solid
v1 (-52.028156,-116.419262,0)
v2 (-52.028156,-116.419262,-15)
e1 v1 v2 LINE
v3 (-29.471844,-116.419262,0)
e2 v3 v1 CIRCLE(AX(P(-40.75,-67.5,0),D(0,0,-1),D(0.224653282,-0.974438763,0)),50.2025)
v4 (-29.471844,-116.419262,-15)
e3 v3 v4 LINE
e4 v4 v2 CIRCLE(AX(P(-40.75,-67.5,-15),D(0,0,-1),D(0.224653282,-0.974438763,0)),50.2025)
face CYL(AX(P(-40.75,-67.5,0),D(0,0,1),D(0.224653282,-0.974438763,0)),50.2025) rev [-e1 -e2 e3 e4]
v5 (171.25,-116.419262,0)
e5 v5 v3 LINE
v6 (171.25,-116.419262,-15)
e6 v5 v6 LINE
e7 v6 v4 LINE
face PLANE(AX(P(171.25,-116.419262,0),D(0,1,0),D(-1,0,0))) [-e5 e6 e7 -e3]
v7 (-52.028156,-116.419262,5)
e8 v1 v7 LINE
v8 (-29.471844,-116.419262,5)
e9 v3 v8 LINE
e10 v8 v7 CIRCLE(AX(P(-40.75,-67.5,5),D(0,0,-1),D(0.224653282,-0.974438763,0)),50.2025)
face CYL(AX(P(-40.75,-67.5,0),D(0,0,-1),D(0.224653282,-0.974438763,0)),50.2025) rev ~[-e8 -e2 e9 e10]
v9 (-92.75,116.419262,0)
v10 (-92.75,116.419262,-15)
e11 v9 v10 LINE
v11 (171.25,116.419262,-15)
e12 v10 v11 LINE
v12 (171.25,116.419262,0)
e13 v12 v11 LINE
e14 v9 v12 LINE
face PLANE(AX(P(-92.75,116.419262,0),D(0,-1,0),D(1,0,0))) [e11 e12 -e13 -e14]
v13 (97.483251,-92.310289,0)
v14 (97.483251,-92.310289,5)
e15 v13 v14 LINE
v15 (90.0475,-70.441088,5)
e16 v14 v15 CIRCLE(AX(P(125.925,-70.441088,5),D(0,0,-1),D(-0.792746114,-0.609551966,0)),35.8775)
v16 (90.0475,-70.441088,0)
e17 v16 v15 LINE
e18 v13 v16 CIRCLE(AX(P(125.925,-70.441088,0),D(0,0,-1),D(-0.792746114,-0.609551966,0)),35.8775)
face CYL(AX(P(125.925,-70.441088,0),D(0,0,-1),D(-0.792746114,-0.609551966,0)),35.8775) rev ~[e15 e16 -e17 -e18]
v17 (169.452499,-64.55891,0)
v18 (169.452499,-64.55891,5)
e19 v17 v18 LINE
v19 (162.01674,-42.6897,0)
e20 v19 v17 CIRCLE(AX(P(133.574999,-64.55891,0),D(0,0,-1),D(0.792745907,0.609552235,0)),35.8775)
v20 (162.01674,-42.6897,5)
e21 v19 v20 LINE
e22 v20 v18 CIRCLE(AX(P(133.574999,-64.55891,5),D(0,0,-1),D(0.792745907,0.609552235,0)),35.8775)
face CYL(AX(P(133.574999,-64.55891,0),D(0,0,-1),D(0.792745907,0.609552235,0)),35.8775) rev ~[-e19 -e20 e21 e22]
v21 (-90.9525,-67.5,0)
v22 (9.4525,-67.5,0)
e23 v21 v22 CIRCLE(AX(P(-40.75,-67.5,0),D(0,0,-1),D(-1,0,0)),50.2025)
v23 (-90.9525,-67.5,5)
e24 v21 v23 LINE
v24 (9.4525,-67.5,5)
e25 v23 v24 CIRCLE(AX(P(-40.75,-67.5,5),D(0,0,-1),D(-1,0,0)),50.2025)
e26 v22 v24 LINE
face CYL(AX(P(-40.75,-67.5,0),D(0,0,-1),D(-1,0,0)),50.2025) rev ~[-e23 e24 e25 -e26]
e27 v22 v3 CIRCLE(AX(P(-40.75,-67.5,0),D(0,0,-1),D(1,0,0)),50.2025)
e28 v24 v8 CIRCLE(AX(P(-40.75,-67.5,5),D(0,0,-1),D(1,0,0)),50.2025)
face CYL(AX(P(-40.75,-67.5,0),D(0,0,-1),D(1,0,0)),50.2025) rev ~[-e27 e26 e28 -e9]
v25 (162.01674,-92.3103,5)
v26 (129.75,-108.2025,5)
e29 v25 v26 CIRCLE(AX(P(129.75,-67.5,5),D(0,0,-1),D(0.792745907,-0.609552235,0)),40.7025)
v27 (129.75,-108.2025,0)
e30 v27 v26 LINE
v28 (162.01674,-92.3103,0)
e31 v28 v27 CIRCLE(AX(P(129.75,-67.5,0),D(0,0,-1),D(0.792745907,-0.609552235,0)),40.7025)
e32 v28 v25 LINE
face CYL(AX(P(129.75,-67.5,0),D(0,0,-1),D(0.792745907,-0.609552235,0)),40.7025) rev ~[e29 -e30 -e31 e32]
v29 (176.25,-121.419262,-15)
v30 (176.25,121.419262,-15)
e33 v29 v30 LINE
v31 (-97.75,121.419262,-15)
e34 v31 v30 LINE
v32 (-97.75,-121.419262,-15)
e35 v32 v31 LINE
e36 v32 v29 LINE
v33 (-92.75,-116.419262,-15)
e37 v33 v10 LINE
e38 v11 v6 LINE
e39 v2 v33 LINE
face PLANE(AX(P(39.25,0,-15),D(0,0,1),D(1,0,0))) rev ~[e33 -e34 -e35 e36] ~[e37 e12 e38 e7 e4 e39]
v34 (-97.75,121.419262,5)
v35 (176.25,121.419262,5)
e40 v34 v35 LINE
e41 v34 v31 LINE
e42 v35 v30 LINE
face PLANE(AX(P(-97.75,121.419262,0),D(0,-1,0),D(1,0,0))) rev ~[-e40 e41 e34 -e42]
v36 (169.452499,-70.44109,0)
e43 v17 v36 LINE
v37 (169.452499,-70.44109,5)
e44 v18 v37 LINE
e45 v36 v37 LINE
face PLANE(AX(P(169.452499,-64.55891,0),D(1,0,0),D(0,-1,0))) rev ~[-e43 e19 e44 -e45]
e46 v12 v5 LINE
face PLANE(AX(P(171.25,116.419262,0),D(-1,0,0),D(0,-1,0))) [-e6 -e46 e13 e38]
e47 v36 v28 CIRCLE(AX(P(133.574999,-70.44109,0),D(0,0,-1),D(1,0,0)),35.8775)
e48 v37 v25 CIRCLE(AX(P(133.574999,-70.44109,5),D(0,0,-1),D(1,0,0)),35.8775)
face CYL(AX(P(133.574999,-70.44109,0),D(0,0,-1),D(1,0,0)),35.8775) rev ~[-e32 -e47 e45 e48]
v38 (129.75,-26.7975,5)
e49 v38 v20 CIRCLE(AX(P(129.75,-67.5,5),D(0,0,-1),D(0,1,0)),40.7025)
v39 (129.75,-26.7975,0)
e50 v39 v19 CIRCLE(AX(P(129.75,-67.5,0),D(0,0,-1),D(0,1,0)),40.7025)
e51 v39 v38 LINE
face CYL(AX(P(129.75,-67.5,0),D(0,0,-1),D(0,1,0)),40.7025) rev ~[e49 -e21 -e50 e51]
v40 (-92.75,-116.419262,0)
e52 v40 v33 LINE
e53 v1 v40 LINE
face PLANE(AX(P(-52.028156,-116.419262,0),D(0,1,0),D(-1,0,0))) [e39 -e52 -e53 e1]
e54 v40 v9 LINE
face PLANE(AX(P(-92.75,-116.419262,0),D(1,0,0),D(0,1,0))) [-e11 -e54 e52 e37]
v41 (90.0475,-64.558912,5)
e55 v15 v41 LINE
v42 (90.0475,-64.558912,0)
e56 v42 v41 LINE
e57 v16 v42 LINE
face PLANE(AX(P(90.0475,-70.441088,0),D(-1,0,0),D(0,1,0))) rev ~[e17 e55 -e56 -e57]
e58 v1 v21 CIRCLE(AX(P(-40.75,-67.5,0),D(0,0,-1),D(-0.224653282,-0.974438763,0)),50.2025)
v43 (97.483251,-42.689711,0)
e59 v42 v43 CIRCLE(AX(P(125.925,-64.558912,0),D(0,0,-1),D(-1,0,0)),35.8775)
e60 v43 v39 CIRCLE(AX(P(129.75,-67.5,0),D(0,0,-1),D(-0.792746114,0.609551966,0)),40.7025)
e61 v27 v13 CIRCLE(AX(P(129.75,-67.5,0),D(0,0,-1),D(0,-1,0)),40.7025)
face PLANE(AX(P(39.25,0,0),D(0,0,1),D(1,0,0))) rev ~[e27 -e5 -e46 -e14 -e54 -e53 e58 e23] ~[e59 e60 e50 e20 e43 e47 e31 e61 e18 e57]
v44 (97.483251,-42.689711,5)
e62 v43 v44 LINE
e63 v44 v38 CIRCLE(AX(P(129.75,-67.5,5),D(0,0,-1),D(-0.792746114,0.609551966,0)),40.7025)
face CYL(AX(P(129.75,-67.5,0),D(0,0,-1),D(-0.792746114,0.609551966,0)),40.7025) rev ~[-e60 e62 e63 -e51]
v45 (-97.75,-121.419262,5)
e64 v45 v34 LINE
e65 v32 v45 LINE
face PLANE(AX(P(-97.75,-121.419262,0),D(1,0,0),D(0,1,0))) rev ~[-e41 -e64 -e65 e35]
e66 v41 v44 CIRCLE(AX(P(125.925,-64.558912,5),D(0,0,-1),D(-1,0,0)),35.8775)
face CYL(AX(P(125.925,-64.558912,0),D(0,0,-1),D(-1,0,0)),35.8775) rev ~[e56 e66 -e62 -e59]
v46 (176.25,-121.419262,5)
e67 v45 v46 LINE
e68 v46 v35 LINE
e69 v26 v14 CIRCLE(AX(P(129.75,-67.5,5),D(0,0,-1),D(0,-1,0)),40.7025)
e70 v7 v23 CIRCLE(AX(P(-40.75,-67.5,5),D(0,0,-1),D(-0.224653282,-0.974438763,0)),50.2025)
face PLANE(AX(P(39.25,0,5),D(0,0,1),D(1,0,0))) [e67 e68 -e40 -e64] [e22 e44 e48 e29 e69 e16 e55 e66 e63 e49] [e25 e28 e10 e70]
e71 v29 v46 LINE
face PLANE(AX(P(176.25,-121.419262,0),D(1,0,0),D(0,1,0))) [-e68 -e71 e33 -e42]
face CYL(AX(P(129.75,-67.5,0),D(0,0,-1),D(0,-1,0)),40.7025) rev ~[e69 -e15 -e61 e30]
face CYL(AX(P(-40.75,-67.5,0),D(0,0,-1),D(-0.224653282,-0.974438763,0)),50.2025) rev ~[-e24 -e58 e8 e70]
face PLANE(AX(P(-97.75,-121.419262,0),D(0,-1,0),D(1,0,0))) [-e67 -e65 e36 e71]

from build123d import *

# Parameters (mm, degrees)
F1_W     = 274
F1_H     = 242.838524
F2_DEPTH = 5
F3_DEPTH = 15


with BuildPart() as f2:
    # F1 (on Top) → F2 (new body)
    with BuildSketch(Plane.XY):
        with Locations((39.25, 0)):
            Rectangle(F1_W, F1_H)
        with BuildLine():
            Line((171.25, -116.419262), (-29.471843607, -116.419262))
            ThreePointArc((-29.471843607, -116.419262), (-40.75, -117.7025), (-52.028156393, -116.419262))
            Line((-52.028156393, -116.419262), (-92.75, -116.419262))
            Line((-92.75, -116.419262), (-92.75, 116.419262))
            Line((-92.75, 116.419262), (171.25, 116.419262))
            Line((171.25, 116.419262), (171.25, -116.419262))
        make_face(mode=Mode.SUBTRACT)
        with BuildLine():
            ThreePointArc((-90.9525, -67.5), (-40.75, -17.2975), (9.4525, -67.5))
            ThreePointArc((9.4525, -67.5), (-1.4658896463, -98.7577939075), (-29.471843607, -116.419262))
            Line((-29.471843607, -116.419262), (171.25, -116.419262))
            Line((171.25, -116.419262), (171.25, 116.419262))
            Line((171.25, 116.419262), (-92.75, 116.419262))
            Line((-92.75, 116.419262), (-92.75, -116.419262))
            Line((-92.75, -116.419262), (-52.028156393, -116.419262))
            ThreePointArc((-52.028156393, -116.419262), (-80.0341103537, -98.7577939075), (-90.9525, -67.5))
        make_face()
        with BuildLine():
            ThreePointArc((129.75, -26.7975), (147.7340523324, -30.9860661123), (162.0167402689, -42.6897001496))
            ThreePointArc((162.0167402689, -42.6897001496), (167.5427305892, -53.0095287964), (169.452499, -64.5589104655))
            Line((169.452499, -64.5589104655), (169.452499, -70.4410895345))
            ThreePointArc((169.452499, -70.4410895345), (167.5427305892, -81.9904712036), (162.0167402689, -92.3102998504))
            ThreePointArc((162.0167402689, -92.3102998504), (147.7340523324, -104.0139338877), (129.75, -108.2025))
            ThreePointArc((129.75, -108.2025), (111.7659414601, -104.0139308303), (97.4832512953, -92.3102888794))
            ThreePointArc((97.4832512953, -92.3102888794), (91.9572664474, -81.9904641283), (90.0475, -70.441088234))
            Line((90.0475, -70.441088234), (90.0475, -64.558911766))
            ThreePointArc((90.0475, -64.558911766), (91.9572664474, -53.0095358717), (97.4832512953, -42.6897111206))
            ThreePointArc((97.4832512953, -42.6897111206), (111.7659414601, -30.9860691697), (129.75, -26.7975))
        make_face(mode=Mode.SUBTRACT)
    extrude(amount=F2_DEPTH)

    # F1 (on Top) → F3 (join)
    with BuildSketch(Plane.XY):
        with Locations((39.25, 0)):
            Rectangle(F1_W, F1_H)
        with BuildLine():
            Line((171.25, -116.419262), (-29.471843607, -116.419262))
            ThreePointArc((-29.471843607, -116.419262), (-40.75, -117.7025), (-52.028156393, -116.419262))
            Line((-52.028156393, -116.419262), (-92.75, -116.419262))
            Line((-92.75, -116.419262), (-92.75, 116.419262))
            Line((-92.75, 116.419262), (171.25, 116.419262))
            Line((171.25, 116.419262), (171.25, -116.419262))
        make_face(mode=Mode.SUBTRACT)
    extrude(amount=-F3_DEPTH)


solid = f2.part
